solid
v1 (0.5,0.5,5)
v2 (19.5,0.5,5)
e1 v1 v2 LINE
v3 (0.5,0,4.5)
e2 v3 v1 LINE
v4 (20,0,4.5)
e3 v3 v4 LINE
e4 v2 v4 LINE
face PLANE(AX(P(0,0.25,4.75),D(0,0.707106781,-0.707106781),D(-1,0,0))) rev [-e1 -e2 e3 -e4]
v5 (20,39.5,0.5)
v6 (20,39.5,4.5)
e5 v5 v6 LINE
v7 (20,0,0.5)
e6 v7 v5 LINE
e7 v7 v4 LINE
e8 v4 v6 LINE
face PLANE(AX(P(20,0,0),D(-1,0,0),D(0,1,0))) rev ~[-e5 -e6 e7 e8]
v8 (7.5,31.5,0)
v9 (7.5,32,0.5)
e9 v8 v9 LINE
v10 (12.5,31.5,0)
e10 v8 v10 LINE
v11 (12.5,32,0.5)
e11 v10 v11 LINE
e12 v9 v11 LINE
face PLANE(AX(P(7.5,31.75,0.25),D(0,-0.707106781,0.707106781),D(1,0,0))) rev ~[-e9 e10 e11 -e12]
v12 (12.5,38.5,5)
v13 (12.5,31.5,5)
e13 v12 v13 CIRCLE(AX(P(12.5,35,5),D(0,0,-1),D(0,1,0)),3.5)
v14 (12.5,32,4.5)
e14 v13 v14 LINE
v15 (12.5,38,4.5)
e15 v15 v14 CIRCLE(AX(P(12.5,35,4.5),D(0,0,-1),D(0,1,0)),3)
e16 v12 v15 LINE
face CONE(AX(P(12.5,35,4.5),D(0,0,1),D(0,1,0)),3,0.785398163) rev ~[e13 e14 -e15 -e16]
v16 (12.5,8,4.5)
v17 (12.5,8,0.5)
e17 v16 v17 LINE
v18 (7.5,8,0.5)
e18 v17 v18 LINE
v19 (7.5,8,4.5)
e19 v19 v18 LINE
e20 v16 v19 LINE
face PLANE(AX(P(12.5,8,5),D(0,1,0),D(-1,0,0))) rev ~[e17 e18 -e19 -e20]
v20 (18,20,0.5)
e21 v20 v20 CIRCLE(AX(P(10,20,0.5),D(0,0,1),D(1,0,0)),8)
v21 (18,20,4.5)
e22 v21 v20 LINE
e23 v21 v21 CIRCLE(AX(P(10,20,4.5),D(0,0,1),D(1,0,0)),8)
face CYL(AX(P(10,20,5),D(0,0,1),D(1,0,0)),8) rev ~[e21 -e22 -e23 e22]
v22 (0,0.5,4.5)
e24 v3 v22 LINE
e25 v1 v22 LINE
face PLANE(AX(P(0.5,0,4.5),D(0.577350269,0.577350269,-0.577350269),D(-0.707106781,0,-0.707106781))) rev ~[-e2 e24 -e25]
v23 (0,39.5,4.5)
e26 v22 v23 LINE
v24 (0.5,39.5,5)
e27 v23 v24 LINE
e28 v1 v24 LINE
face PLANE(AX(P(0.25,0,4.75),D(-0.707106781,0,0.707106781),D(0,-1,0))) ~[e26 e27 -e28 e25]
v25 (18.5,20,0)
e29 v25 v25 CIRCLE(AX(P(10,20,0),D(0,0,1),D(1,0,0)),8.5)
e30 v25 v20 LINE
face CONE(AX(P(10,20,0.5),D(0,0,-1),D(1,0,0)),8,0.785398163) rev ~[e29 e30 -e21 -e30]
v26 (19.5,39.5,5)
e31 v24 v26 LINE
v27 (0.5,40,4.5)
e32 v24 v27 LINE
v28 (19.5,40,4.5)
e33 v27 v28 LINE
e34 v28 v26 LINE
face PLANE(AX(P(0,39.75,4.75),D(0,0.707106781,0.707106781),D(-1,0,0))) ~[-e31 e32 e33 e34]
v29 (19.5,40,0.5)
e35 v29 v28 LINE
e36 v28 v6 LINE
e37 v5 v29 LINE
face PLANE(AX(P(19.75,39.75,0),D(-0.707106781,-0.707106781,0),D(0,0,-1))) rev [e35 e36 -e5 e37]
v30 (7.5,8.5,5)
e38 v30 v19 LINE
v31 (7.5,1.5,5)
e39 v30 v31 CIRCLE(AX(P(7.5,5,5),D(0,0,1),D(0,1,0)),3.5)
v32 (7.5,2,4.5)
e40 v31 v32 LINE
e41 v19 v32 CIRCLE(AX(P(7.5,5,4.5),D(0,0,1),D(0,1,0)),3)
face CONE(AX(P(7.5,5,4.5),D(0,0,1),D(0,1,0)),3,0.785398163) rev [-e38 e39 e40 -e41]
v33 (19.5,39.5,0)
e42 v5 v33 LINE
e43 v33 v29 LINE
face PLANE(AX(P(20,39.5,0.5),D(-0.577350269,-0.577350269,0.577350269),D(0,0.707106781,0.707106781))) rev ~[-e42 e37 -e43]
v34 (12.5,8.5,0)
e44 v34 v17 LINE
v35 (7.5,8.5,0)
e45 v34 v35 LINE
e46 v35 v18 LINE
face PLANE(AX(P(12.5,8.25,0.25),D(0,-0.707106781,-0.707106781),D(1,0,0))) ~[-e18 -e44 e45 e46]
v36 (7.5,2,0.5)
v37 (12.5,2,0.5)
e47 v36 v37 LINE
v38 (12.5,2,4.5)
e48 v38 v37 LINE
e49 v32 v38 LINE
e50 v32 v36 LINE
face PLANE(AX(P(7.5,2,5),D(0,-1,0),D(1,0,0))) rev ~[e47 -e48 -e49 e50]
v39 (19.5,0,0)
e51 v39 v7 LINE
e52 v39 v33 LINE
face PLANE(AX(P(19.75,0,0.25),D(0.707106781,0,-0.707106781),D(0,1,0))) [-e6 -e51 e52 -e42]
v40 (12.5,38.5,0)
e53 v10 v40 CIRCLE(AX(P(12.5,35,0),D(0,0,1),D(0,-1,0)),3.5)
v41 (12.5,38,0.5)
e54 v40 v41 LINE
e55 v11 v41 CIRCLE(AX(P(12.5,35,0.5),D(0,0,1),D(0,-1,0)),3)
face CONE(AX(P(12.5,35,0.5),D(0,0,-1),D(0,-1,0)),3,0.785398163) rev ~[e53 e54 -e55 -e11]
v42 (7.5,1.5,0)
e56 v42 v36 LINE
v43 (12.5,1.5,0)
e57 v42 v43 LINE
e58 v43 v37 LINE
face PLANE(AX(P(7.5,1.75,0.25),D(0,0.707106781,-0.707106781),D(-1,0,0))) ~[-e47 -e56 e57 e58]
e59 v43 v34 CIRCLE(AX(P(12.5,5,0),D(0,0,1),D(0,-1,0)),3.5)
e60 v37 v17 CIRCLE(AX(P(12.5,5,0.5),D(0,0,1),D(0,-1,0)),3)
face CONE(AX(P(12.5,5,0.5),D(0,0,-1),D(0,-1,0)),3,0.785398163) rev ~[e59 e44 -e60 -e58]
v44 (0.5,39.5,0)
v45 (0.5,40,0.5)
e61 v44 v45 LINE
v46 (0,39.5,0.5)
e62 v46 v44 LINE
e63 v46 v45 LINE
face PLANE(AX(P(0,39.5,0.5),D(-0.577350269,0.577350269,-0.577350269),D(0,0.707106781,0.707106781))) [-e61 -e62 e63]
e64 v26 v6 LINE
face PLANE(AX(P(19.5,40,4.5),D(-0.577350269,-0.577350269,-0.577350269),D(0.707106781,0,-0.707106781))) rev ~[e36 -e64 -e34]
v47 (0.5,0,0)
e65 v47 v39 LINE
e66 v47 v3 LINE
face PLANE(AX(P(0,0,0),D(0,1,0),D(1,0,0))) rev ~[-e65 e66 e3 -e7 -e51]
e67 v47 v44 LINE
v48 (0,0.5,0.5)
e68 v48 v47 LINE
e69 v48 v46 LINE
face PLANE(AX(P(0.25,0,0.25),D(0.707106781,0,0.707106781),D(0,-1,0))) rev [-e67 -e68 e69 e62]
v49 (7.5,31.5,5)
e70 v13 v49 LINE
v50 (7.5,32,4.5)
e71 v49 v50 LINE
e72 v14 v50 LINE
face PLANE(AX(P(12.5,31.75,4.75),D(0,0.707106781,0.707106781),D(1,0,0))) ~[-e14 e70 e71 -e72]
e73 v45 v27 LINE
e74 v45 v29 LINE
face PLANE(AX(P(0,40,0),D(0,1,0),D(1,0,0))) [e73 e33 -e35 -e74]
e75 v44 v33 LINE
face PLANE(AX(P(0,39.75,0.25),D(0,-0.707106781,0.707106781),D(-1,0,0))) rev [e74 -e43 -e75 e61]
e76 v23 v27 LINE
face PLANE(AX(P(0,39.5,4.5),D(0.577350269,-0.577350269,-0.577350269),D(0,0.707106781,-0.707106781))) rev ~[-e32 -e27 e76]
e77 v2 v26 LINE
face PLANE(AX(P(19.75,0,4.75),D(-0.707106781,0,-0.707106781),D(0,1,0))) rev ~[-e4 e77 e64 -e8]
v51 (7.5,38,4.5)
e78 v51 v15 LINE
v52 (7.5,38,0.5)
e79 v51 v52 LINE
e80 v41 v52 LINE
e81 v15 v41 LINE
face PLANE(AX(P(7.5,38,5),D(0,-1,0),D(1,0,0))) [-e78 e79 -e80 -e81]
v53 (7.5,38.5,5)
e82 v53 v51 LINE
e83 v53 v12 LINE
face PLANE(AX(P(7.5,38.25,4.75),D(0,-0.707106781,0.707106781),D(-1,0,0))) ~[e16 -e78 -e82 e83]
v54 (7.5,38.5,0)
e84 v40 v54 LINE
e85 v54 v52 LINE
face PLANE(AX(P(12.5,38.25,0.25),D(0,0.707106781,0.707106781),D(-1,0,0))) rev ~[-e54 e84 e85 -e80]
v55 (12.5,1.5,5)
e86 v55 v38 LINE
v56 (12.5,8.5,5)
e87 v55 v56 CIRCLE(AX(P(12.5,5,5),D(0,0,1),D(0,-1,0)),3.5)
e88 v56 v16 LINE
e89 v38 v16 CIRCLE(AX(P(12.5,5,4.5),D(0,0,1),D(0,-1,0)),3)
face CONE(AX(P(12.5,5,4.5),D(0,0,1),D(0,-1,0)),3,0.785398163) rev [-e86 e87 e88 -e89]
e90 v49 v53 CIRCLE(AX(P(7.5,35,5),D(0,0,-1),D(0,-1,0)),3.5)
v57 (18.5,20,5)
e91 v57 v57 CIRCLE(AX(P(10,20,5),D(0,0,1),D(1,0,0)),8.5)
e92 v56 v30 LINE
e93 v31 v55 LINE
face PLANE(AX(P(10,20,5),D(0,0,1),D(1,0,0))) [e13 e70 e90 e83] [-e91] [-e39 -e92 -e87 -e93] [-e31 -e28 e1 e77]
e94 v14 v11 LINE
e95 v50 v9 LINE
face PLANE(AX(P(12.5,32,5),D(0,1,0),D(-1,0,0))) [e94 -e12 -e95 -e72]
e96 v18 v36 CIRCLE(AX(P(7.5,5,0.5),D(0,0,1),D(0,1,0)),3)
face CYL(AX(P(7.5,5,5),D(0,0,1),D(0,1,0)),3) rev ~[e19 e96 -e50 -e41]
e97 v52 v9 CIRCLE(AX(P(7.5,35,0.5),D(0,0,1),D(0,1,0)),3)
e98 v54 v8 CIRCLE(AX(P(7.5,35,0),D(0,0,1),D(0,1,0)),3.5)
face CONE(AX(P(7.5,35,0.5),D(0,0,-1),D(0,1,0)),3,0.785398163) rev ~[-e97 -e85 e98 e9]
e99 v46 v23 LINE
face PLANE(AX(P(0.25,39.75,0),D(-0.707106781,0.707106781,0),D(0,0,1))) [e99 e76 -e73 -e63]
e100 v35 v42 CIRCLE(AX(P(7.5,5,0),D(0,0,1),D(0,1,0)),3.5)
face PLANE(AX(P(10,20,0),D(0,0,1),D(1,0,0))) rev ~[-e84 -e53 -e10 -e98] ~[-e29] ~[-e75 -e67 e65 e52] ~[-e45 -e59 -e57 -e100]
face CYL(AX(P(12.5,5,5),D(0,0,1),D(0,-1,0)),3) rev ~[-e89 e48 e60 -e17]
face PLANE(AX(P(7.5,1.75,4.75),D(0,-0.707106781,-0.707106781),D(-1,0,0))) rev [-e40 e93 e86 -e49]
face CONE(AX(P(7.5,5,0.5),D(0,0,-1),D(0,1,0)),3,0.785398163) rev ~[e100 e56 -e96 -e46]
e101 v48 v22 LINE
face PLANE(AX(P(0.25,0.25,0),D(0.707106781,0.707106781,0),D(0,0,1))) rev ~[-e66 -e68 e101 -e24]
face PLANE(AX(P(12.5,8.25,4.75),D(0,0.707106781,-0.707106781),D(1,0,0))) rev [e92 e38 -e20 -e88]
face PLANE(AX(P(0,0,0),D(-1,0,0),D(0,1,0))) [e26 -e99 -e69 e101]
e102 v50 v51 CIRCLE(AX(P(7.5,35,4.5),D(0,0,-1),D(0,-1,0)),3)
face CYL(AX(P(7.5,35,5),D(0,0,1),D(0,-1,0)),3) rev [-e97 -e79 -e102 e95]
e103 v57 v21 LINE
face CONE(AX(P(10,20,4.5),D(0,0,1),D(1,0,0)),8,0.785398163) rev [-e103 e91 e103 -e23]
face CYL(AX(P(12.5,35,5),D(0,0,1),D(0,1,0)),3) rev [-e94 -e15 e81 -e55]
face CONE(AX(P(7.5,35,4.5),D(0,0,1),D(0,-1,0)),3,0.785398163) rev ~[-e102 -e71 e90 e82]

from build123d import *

# Parameters (mm, degrees)
ESQUISSE1_W             = 20
ESQUISSE1_H             = 40
BOSS_EXTRU_1_DEPTH      = 5
ESQUISSE5_R             = 8
ENL_V_MAT_EXTRU_2_DEPTH = 5
ENL_V_MAT_EXTRU_3_DEPTH = 46
CHANFREIN1_SIZE         = 0.5


with BuildPart() as part:
    # Esquisse1 → Boss.-Extru.1 (new body)
    with BuildSketch(Plane.XY):
        with Locations((10, 20)):
            Rectangle(ESQUISSE1_W, ESQUISSE1_H)
    extrude(amount=BOSS_EXTRU_1_DEPTH)

    # Esquisse5 → Enlèv. mat.-Extru.2 (cut)
    with BuildSketch(Plane.XY.offset(5)):
        with Locations((10, 20)):
            Circle(ESQUISSE5_R)
    extrude(amount=-ENL_V_MAT_EXTRU_2_DEPTH, mode=Mode.SUBTRACT)

    # Esquisse6 → Enlèv. mat.-Extru.3 (cut, through all)
    with BuildSketch(Plane.XY.offset(5)):
        with BuildLine():
            Line((7.5, 38), (12.5, 38))
            ThreePointArc((12.5, 38), (15.5, 35), (12.5, 32))
            Line((12.5, 32), (7.5, 32))
            ThreePointArc((7.5, 32), (4.5, 35), (7.5, 38))
        make_face()
        with BuildLine():
            Line((7.5, 2), (12.5, 2))
            ThreePointArc((12.5, 2), (15.5, 5), (12.5, 8))
            Line((12.5, 8), (7.5, 8))
            ThreePointArc((7.5, 8), (4.5, 5), (7.5, 2))
        make_face()
    extrude(amount=-ENL_V_MAT_EXTRU_3_DEPTH, mode=Mode.SUBTRACT)

    # Chanfrein1
    chanfrein1_edges = [part.edges().sort_by_distance(p)[0] for p in [
        (20, 20, 5),
        (10, 40, 5),
        (2, 20, 0),
        (2, 20, 5),
        (4.5, 35, 0),
        (10, 38, 0),
        (15.5, 35, 0),
        (10, 32, 0),
        (4.5, 35, 5),
        (10, 32, 5),
        (15.5, 35, 5),
        (10, 38, 5),
        (4.5, 5, 0),
        (10, 8, 0),
        (15.5, 5, 0),
        (10, 2, 0),
        (4.5, 5, 5),
        (10, 2, 5),
        (15.5, 5, 5),
        (10, 8, 5),
        (0, 20, 5),
        (10, 40, 0),
        (20, 20, 0),
        (0, 20, 0),
        (10, 0, 5),
        (0, 40, 2.5),
        (20, 40, 2.5),
        (0, 0, 2.5),
    ]]
    chamfer(chanfrein1_edges, length=CHANFREIN1_SIZE)


solid = part.part
